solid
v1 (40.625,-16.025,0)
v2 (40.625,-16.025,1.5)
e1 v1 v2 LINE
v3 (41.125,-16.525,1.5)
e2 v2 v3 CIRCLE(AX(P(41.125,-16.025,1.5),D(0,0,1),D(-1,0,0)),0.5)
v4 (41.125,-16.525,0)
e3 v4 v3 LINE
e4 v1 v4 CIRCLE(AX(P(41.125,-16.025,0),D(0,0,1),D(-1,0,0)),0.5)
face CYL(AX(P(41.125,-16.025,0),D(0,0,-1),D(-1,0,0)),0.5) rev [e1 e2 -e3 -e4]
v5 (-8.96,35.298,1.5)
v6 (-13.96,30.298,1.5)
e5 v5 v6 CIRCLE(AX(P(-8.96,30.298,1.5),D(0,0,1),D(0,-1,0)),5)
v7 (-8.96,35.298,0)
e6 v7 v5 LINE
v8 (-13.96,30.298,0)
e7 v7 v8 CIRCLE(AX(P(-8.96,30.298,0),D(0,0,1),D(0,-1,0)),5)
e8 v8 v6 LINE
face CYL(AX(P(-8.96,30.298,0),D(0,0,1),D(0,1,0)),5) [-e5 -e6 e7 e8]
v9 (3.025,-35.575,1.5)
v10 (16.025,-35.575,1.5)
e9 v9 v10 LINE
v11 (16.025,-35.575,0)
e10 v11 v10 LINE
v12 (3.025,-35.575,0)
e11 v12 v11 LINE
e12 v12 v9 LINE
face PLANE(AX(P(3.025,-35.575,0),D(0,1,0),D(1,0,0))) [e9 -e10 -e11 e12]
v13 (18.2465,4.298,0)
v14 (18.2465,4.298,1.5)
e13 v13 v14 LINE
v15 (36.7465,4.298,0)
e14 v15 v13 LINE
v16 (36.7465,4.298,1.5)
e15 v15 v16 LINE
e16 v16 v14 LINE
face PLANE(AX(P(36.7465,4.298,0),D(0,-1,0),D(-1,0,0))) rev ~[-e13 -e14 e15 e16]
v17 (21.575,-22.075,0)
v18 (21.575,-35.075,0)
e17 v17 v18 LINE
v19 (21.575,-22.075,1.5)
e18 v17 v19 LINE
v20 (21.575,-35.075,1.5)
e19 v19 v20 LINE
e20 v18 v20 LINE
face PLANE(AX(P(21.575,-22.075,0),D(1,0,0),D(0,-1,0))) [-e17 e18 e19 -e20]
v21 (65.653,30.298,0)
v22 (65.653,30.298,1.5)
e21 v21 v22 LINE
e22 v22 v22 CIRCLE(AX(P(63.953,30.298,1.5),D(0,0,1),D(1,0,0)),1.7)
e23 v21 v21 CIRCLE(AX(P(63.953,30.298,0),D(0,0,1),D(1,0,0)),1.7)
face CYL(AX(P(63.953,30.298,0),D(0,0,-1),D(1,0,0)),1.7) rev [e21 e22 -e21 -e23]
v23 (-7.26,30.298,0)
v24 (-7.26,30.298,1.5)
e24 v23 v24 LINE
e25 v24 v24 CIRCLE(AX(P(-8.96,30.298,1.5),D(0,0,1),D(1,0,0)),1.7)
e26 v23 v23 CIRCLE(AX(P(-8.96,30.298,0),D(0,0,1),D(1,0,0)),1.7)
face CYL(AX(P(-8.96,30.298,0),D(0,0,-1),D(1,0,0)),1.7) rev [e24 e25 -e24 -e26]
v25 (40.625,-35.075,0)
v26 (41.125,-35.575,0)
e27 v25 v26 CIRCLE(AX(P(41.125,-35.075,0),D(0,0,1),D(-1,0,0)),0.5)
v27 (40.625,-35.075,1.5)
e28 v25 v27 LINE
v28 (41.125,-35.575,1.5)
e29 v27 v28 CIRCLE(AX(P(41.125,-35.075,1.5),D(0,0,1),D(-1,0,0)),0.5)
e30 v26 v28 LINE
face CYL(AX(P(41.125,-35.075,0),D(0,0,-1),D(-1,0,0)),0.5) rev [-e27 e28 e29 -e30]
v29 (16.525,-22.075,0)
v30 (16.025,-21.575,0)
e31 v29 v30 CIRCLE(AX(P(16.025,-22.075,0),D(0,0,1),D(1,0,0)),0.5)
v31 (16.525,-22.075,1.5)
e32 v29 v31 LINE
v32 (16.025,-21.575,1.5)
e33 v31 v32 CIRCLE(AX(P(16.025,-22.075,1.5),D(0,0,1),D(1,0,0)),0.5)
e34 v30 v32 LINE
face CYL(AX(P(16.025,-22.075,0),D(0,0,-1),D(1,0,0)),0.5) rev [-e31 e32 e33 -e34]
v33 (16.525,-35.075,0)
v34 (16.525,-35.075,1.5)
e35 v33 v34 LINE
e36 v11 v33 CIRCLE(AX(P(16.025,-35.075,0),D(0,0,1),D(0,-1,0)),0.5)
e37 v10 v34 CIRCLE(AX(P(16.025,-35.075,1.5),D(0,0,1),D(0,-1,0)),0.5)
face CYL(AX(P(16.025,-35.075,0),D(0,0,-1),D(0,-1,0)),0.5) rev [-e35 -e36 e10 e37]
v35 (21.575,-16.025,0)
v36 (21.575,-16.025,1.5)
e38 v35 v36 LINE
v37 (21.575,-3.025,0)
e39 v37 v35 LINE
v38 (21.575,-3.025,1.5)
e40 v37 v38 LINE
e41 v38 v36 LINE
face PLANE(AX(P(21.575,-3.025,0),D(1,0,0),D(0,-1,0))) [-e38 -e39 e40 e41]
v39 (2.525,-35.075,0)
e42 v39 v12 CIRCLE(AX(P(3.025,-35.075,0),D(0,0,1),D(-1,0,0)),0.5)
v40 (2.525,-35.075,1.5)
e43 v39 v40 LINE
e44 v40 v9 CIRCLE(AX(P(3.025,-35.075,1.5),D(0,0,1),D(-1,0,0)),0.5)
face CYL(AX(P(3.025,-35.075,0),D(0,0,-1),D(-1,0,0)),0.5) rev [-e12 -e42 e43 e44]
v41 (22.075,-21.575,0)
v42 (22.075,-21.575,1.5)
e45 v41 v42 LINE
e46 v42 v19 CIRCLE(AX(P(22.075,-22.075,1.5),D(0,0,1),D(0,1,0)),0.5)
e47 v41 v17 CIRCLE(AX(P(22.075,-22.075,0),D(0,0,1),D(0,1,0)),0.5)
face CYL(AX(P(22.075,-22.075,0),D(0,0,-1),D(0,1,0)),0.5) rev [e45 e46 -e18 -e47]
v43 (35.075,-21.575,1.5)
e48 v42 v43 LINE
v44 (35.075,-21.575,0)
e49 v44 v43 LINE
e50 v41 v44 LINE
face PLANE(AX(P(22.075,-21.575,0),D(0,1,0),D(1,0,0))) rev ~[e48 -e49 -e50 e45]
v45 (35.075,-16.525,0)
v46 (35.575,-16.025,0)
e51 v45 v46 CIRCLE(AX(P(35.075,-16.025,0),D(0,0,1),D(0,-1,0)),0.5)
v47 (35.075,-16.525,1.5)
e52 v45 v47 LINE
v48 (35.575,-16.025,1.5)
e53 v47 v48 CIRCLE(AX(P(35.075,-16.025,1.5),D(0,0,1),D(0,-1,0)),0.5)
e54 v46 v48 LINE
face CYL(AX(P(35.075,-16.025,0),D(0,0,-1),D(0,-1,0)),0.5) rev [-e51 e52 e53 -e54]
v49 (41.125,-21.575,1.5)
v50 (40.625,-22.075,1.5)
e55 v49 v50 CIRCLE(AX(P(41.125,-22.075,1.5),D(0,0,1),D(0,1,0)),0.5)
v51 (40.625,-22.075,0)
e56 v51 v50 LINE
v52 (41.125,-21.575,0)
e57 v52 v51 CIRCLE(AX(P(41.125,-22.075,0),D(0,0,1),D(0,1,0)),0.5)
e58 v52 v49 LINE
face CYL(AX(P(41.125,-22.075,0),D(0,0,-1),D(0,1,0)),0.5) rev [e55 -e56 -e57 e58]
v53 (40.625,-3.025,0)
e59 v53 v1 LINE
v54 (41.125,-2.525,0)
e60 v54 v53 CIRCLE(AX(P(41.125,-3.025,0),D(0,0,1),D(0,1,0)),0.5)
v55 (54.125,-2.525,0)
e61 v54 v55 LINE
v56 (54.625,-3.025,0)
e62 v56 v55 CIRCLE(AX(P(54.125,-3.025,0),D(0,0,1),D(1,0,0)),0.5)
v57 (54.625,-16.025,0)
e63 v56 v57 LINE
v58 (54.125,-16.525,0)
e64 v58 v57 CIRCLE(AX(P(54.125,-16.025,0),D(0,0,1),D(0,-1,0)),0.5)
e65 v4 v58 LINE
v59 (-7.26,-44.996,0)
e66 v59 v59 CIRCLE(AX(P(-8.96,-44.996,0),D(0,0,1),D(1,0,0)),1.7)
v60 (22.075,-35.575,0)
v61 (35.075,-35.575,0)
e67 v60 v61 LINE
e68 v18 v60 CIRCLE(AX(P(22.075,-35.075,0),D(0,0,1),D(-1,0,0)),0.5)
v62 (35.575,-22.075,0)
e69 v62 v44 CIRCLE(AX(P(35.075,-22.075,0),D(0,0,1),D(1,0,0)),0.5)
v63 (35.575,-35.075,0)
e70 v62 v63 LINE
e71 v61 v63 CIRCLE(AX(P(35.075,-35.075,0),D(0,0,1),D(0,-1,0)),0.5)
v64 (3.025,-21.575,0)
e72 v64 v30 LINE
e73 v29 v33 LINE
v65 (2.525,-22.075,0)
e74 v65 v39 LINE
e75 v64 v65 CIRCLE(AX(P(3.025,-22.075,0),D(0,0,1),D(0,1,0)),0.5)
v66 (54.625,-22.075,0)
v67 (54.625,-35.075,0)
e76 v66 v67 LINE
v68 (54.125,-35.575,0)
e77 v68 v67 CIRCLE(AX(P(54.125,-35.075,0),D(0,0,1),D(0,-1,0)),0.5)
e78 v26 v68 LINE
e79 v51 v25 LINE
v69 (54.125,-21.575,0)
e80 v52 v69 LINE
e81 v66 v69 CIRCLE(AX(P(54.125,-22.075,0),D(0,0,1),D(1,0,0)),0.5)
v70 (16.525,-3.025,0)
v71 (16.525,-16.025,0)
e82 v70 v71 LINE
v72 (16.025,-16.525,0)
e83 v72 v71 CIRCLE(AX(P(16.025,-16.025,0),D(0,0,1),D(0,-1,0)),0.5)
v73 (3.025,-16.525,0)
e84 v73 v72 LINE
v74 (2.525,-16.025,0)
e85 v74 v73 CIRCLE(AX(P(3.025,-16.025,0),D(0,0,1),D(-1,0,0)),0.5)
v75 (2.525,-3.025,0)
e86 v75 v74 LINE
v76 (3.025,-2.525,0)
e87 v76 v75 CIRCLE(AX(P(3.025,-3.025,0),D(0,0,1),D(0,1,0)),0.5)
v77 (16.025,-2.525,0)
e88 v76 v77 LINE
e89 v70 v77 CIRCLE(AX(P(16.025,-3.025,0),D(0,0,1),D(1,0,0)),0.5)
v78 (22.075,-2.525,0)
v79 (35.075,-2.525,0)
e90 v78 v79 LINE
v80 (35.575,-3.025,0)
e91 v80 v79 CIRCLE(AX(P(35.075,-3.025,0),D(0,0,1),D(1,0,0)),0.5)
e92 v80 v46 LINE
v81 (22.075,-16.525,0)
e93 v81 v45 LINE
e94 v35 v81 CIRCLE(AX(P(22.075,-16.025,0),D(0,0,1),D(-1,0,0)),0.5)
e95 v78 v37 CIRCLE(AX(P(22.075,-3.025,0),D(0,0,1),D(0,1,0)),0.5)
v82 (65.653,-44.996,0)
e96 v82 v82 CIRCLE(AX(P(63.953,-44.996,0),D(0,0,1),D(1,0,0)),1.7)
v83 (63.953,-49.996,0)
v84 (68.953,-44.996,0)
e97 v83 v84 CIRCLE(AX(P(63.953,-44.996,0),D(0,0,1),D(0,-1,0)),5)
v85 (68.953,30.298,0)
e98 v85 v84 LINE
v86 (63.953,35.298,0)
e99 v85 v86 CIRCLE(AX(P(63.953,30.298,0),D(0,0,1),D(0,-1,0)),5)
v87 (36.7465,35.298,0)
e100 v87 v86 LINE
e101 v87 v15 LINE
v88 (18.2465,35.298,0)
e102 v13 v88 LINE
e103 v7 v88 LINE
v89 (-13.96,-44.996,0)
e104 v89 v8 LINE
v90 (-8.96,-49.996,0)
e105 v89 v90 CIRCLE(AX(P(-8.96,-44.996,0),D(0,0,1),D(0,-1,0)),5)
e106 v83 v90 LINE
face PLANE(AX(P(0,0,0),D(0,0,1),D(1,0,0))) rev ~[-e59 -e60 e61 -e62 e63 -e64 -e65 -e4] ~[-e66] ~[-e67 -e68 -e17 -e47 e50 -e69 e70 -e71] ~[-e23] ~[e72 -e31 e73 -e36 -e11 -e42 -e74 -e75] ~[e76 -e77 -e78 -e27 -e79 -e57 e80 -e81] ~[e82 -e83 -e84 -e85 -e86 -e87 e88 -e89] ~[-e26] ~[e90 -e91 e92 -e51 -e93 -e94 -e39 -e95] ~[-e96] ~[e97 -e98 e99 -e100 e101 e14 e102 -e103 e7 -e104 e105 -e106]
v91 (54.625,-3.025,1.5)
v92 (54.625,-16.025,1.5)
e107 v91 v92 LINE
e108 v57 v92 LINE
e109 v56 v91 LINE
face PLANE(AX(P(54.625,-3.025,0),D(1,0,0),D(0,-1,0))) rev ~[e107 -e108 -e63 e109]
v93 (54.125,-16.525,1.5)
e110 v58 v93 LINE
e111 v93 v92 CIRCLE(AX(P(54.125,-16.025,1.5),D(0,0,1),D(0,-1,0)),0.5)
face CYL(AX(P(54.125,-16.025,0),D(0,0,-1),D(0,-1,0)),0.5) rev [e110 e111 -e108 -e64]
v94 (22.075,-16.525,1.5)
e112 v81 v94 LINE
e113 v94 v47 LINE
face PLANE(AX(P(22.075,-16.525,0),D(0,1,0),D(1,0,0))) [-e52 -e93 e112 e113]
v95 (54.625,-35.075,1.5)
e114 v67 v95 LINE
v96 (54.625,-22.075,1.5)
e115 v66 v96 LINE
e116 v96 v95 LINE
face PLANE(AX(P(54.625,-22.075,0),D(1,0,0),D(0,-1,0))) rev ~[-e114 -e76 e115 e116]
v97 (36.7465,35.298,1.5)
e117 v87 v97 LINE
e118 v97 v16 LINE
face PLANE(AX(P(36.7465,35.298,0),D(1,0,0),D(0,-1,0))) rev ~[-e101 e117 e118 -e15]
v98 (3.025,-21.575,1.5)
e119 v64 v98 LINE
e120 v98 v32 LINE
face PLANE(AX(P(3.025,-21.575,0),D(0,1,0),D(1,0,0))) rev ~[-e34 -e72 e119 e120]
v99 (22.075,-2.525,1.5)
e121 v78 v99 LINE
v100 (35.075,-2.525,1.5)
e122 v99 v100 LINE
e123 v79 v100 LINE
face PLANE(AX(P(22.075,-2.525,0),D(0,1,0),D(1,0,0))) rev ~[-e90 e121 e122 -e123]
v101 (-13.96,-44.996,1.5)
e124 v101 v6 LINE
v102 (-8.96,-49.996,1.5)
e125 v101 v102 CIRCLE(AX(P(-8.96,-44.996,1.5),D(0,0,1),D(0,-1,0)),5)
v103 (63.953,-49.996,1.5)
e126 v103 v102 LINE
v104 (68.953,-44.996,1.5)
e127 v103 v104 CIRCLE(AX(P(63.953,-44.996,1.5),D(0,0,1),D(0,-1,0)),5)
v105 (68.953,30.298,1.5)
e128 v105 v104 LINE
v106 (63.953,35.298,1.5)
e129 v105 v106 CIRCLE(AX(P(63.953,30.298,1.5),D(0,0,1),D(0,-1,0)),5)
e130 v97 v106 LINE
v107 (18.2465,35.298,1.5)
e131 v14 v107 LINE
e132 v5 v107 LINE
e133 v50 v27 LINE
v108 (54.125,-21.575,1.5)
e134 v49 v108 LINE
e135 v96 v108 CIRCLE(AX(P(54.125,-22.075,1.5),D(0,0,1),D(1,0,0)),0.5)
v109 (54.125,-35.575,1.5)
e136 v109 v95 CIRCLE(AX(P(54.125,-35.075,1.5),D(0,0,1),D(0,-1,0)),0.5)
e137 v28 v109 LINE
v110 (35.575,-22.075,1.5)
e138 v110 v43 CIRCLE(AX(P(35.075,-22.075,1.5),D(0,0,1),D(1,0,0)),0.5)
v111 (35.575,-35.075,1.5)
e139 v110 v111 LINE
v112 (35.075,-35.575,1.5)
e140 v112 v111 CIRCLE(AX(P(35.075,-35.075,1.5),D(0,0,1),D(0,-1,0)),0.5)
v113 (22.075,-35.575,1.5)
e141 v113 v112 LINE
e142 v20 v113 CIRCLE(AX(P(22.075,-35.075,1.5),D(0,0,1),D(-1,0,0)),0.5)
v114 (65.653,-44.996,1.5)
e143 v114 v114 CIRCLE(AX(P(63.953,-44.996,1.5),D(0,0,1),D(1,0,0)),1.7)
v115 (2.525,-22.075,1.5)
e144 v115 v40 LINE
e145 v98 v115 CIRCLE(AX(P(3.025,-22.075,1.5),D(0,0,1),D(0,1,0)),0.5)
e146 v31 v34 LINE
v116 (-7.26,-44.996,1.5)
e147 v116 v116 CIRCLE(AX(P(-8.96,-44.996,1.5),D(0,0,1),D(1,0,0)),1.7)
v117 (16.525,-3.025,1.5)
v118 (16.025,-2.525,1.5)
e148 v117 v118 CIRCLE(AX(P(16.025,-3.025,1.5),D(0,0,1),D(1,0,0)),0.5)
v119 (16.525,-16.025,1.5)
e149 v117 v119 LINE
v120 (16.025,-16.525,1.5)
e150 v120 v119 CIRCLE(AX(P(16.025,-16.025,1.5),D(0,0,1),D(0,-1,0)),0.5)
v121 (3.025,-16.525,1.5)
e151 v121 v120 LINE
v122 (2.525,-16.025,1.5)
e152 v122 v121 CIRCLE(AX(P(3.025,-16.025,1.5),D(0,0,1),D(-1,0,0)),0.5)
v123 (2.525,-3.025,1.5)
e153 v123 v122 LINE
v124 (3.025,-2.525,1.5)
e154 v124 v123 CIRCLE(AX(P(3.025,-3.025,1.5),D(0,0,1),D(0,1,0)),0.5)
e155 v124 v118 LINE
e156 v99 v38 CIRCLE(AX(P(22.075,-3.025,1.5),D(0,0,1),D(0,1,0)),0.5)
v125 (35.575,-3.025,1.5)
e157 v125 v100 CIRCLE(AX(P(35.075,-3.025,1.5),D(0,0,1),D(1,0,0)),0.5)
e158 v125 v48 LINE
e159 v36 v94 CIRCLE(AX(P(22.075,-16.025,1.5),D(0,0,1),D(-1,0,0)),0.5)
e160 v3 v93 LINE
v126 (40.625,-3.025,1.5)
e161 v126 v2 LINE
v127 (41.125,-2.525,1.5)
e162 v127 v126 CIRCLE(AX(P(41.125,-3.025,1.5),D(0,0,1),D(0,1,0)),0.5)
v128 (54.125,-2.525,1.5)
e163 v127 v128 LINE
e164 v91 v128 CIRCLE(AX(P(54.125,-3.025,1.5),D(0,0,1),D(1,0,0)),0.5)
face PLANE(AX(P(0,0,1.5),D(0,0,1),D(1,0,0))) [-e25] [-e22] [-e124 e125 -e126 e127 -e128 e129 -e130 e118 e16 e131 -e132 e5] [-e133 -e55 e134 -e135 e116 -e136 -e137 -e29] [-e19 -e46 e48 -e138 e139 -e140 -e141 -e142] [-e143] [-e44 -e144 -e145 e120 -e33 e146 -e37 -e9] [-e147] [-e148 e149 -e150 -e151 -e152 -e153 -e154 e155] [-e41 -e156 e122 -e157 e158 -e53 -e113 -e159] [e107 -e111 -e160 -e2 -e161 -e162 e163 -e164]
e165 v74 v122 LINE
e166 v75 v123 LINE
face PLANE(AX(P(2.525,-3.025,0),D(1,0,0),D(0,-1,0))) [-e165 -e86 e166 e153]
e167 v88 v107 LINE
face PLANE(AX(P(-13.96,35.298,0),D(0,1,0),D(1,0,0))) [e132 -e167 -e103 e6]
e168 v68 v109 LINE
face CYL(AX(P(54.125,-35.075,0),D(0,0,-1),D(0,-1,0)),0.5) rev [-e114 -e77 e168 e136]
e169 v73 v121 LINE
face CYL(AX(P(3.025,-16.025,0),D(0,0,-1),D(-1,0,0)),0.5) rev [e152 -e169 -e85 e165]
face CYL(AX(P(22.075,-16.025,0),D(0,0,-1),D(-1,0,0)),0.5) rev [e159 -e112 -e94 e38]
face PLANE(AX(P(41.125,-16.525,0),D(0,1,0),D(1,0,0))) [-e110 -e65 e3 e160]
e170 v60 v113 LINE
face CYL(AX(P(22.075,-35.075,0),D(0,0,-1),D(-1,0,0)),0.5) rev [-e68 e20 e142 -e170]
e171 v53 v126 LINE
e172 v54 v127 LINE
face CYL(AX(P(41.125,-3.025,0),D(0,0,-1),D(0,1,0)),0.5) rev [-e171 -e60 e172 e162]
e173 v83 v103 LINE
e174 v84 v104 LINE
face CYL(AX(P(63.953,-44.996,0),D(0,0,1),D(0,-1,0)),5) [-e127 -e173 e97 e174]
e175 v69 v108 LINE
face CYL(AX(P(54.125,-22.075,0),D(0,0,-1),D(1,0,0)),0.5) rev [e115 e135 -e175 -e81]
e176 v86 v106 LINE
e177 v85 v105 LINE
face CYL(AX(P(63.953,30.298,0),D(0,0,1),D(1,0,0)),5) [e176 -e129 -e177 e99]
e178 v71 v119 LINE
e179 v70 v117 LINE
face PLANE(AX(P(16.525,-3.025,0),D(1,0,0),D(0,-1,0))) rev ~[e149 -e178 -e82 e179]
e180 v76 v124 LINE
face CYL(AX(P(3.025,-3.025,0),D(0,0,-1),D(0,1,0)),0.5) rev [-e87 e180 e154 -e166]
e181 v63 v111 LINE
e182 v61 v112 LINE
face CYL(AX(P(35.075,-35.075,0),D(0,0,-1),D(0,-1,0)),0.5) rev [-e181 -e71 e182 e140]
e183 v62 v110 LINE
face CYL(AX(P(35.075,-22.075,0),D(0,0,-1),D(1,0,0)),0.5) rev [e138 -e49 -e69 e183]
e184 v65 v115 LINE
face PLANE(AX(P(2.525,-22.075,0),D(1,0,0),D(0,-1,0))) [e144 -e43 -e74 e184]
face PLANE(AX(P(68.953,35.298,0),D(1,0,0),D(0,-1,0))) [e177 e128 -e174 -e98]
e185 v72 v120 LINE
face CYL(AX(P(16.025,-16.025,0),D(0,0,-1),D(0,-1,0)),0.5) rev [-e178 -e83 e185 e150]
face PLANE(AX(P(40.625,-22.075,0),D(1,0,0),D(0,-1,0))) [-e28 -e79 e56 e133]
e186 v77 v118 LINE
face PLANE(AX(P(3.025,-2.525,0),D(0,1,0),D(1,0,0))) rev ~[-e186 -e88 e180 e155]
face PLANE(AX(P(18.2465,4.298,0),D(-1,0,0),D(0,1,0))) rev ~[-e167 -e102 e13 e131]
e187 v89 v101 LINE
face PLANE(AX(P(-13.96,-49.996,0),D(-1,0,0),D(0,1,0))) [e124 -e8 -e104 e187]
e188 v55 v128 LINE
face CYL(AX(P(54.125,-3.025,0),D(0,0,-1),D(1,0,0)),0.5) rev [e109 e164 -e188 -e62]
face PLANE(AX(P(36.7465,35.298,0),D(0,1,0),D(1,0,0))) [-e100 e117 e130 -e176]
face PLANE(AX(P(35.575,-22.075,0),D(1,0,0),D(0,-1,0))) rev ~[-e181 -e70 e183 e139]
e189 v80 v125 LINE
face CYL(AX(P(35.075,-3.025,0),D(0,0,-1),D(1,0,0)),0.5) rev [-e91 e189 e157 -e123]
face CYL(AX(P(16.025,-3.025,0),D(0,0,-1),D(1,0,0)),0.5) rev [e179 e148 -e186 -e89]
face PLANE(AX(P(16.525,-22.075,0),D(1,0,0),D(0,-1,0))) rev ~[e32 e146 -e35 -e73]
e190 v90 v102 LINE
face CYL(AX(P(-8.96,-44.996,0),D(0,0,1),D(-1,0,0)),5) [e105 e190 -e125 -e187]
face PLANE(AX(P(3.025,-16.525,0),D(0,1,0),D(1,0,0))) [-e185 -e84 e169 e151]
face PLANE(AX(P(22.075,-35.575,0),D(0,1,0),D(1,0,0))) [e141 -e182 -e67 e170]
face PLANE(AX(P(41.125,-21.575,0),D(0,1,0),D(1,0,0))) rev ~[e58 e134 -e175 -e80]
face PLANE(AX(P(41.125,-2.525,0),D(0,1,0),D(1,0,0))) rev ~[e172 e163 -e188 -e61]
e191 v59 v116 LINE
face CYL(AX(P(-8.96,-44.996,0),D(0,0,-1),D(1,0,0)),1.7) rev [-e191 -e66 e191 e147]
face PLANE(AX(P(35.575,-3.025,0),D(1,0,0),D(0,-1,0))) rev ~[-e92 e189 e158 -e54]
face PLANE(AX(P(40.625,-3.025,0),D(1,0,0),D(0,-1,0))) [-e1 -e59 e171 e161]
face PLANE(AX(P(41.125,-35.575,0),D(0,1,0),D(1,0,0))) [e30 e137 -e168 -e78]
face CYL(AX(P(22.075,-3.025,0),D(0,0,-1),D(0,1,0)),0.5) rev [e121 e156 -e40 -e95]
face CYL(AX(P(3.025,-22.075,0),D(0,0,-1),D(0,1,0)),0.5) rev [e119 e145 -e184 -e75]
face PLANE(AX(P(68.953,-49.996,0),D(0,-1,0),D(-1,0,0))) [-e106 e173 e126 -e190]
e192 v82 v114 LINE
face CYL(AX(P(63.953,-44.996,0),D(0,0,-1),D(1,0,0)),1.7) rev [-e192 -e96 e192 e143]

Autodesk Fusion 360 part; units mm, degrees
sketch "plate-2026-01-28T23_59_03.859Z" plane through (0, 0, 0) normal (0, 0, 1) x (1, 0, 0)
  line L0 (3.025, -2.525) -> (16.025, -2.525)
  line L1 (3.025, -16.525) -> (16.025, -16.525)
  line L2 (2.525, -3.025) -> (2.525, -16.025)
  line L3 (16.525, -3.025) -> (16.525, -16.025)
  arc A0 (3.025, -2.525) -> (2.525, -3.025) centre (3.025, -3.025) ccw
  arc A1 (16.525, -3.025) -> (16.025, -2.525) centre (16.025, -3.025) ccw
  arc A2 (2.525, -16.025) -> (3.025, -16.525) centre (3.025, -16.025) ccw
  arc A3 (16.025, -16.525) -> (16.525, -16.025) centre (16.025, -16.025) ccw
  line L4 (22.075, -2.525) -> (35.075, -2.525)
  line L5 (22.075, -16.525) -> (35.075, -16.525)
  line L6 (21.575, -3.025) -> (21.575, -16.025)
  line L7 (35.575, -3.025) -> (35.575, -16.025)
  arc A4 (22.075, -2.525) -> (21.575, -3.025) centre (22.075, -3.025) ccw
  arc A5 (35.575, -3.025) -> (35.075, -2.525) centre (35.075, -3.025) ccw
  arc A6 (21.575, -16.025) -> (22.075, -16.525) centre (22.075, -16.025) ccw
  arc A7 (35.075, -16.525) -> (35.575, -16.025) centre (35.075, -16.025) ccw
  line L8 (41.125, -2.525) -> (54.125, -2.525)
  line L9 (41.125, -16.525) -> (54.125, -16.525)
  line L10 (40.625, -3.025) -> (40.625, -16.025)
  line L11 (54.625, -3.025) -> (54.625, -16.025)
  arc A8 (41.125, -2.525) -> (40.625, -3.025) centre (41.125, -3.025) ccw
  arc A9 (54.625, -3.025) -> (54.125, -2.525) centre (54.125, -3.025) ccw
  arc A10 (40.625, -16.025) -> (41.125, -16.525) centre (41.125, -16.025) ccw
  arc A11 (54.125, -16.525) -> (54.625, -16.025) centre (54.125, -16.025) ccw
  line L12 (3.025, -21.575) -> (16.025, -21.575)
  line L13 (3.025, -35.575) -> (16.025, -35.575)
  line L14 (2.525, -22.075) -> (2.525, -35.075)
  line L15 (16.525, -22.075) -> (16.525, -35.075)
  arc A12 (3.025, -21.575) -> (2.525, -22.075) centre (3.025, -22.075) ccw
  arc A13 (16.525, -22.075) -> (16.025, -21.575) centre (16.025, -22.075) ccw
  arc A14 (2.525, -35.075) -> (3.025, -35.575) centre (3.025, -35.075) ccw
  arc A15 (16.025, -35.575) -> (16.525, -35.075) centre (16.025, -35.075) ccw
  line L16 (22.075, -21.575) -> (35.075, -21.575)
  line L17 (22.075, -35.575) -> (35.075, -35.575)
  line L18 (21.575, -22.075) -> (21.575, -35.075)
  line L19 (35.575, -22.075) -> (35.575, -35.075)
  arc A16 (22.075, -21.575) -> (21.575, -22.075) centre (22.075, -22.075) ccw
  arc A17 (35.575, -22.075) -> (35.075, -21.575) centre (35.075, -22.075) ccw
  arc A18 (21.575, -35.075) -> (22.075, -35.575) centre (22.075, -35.075) ccw
  arc A19 (35.075, -35.575) -> (35.575, -35.075) centre (35.075, -35.075) ccw
  line L20 (41.125, -21.575) -> (54.125, -21.575)
  line L21 (41.125, -35.575) -> (54.125, -35.575)
  line L22 (40.625, -22.075) -> (40.625, -35.075)
  line L23 (54.625, -22.075) -> (54.625, -35.075)
  arc A20 (41.125, -21.575) -> (40.625, -22.075) centre (41.125, -22.075) ccw
  arc A21 (54.625, -22.075) -> (54.125, -21.575) centre (54.125, -22.075) ccw
  arc A22 (40.625, -35.075) -> (41.125, -35.575) centre (41.125, -35.075) ccw
  arc A23 (54.125, -35.575) -> (54.625, -35.075) centre (54.125, -35.075) ccw
sketch "Sketch2" plane through (0, 0, 0) normal (0, 0, 1) x (1, 0, 0)
sketch "Sketch3" plane through (0, 0, 0) normal (0, 0, 1) x (1, 0, 0)
  line L0 (-13.96, 35.298) -> (68.953, 35.298)
  line L1 (68.953, 35.298) -> (68.953, -49.996)
  line L2 (68.953, -49.996) -> (-13.96, -49.996)
  line L3 (-13.96, -49.996) -> (-13.96, 35.298)
  circle A0 centre (-8.96, 30.298) radius 1.7
  circle A1 centre (63.953, 30.298) radius 1.7
  circle A2 centre (-8.96, -44.996) radius 1.7
  circle A3 centre (63.953, -44.996) radius 1.7
  line L4 (18.2465, 35.298) -> (36.7465, 35.298)
  line L5 (36.7465, 35.298) -> (36.7465, 4.298)
  line L6 (36.7465, 4.298) -> (18.2465, 4.298)
  line L7 (18.2465, 4.298) -> (18.2465, 35.298)
  line L8 (2.525, -22.075) -> (2.525, -35.075)
  line L9 (3.025, -35.575) -> (16.025, -35.575)
  dimension "d1" = 82.913
  dimension "d2" = 85.294
  dimension "d5" = 3.4
  dimension "d6" = 3.4
  dimension "d7" = 3.4
  dimension "d8" = 3.4
  dimension "d9" = 5
  dimension "d10" = 5
  dimension "d11" = 5
  dimension "d12" = 5
  dimension "d13" = 5
  dimension "d14" = 5
  dimension "d15" = 5
  dimension "d16" = 5
  dimension "d17" = 18.5
  dimension "d18" = 31
  dimension "d19" = 32.2065
  dimension "d26" = 16.485
  dimension "d27" = 14.421
sketch "Sketch4" plane through (0, 0, 0) normal (0, 0, 1) x (1, 0, 0)
sketch "Sketch5" plane through (0, 0, 0) normal (0, 0, 1) x (1, 0, 0)
extrude "Extrude1" add sketch "Sketch3" along normal blind 1.5 contours L0 L1 L2 L3 L5 L6 L7
sketch "Sketch6" plane through (0, 0, 1.5) normal (0, 0, 1) x (-1, 0, 0)
  circle A0 centre (-63.953, -30.298) radius 1.7
  circle A1 centre (8.96, 44.996) radius 1.7
  circle A2 centre (-63.953, 44.996) radius 1.7
  circle A3 centre (8.96, -30.298) radius 1.7
  line L0 (-36.7465, -35.298) -> (-36.7465, -4.298)
  line L1 (-36.7465, -4.298) -> (-18.2465, -4.298)
  line L2 (-18.2465, -4.298) -> (-18.2465, -35.298)
  line L3 (-18.2465, -35.298) -> (13.96, -35.298)
  line L4 (13.96, -35.298) -> (13.96, 49.996)
  line L5 (13.96, 49.996) -> (-68.953, 49.996)
  line L6 (-68.953, 49.996) -> (-68.953, -35.298)
  line L7 (-68.953, -35.298) -> (-36.7465, -35.298)
extrude "Extrude2" cut sketch "plate-2026-01-28T23_59_03.859Z" along normal blind 1.5
fillet "Fillet1" radius 5 4 edges at (-13.96, -49.996, 0.75) (68.953, -49.996, 0.75) (-13.96, 35.298, 0.75) (68.953, 35.298, 0.75)
sketch "Sketch7" plane through (0, 0, 1.5) normal (0, 0, 1) x (-1, 0, 0)
